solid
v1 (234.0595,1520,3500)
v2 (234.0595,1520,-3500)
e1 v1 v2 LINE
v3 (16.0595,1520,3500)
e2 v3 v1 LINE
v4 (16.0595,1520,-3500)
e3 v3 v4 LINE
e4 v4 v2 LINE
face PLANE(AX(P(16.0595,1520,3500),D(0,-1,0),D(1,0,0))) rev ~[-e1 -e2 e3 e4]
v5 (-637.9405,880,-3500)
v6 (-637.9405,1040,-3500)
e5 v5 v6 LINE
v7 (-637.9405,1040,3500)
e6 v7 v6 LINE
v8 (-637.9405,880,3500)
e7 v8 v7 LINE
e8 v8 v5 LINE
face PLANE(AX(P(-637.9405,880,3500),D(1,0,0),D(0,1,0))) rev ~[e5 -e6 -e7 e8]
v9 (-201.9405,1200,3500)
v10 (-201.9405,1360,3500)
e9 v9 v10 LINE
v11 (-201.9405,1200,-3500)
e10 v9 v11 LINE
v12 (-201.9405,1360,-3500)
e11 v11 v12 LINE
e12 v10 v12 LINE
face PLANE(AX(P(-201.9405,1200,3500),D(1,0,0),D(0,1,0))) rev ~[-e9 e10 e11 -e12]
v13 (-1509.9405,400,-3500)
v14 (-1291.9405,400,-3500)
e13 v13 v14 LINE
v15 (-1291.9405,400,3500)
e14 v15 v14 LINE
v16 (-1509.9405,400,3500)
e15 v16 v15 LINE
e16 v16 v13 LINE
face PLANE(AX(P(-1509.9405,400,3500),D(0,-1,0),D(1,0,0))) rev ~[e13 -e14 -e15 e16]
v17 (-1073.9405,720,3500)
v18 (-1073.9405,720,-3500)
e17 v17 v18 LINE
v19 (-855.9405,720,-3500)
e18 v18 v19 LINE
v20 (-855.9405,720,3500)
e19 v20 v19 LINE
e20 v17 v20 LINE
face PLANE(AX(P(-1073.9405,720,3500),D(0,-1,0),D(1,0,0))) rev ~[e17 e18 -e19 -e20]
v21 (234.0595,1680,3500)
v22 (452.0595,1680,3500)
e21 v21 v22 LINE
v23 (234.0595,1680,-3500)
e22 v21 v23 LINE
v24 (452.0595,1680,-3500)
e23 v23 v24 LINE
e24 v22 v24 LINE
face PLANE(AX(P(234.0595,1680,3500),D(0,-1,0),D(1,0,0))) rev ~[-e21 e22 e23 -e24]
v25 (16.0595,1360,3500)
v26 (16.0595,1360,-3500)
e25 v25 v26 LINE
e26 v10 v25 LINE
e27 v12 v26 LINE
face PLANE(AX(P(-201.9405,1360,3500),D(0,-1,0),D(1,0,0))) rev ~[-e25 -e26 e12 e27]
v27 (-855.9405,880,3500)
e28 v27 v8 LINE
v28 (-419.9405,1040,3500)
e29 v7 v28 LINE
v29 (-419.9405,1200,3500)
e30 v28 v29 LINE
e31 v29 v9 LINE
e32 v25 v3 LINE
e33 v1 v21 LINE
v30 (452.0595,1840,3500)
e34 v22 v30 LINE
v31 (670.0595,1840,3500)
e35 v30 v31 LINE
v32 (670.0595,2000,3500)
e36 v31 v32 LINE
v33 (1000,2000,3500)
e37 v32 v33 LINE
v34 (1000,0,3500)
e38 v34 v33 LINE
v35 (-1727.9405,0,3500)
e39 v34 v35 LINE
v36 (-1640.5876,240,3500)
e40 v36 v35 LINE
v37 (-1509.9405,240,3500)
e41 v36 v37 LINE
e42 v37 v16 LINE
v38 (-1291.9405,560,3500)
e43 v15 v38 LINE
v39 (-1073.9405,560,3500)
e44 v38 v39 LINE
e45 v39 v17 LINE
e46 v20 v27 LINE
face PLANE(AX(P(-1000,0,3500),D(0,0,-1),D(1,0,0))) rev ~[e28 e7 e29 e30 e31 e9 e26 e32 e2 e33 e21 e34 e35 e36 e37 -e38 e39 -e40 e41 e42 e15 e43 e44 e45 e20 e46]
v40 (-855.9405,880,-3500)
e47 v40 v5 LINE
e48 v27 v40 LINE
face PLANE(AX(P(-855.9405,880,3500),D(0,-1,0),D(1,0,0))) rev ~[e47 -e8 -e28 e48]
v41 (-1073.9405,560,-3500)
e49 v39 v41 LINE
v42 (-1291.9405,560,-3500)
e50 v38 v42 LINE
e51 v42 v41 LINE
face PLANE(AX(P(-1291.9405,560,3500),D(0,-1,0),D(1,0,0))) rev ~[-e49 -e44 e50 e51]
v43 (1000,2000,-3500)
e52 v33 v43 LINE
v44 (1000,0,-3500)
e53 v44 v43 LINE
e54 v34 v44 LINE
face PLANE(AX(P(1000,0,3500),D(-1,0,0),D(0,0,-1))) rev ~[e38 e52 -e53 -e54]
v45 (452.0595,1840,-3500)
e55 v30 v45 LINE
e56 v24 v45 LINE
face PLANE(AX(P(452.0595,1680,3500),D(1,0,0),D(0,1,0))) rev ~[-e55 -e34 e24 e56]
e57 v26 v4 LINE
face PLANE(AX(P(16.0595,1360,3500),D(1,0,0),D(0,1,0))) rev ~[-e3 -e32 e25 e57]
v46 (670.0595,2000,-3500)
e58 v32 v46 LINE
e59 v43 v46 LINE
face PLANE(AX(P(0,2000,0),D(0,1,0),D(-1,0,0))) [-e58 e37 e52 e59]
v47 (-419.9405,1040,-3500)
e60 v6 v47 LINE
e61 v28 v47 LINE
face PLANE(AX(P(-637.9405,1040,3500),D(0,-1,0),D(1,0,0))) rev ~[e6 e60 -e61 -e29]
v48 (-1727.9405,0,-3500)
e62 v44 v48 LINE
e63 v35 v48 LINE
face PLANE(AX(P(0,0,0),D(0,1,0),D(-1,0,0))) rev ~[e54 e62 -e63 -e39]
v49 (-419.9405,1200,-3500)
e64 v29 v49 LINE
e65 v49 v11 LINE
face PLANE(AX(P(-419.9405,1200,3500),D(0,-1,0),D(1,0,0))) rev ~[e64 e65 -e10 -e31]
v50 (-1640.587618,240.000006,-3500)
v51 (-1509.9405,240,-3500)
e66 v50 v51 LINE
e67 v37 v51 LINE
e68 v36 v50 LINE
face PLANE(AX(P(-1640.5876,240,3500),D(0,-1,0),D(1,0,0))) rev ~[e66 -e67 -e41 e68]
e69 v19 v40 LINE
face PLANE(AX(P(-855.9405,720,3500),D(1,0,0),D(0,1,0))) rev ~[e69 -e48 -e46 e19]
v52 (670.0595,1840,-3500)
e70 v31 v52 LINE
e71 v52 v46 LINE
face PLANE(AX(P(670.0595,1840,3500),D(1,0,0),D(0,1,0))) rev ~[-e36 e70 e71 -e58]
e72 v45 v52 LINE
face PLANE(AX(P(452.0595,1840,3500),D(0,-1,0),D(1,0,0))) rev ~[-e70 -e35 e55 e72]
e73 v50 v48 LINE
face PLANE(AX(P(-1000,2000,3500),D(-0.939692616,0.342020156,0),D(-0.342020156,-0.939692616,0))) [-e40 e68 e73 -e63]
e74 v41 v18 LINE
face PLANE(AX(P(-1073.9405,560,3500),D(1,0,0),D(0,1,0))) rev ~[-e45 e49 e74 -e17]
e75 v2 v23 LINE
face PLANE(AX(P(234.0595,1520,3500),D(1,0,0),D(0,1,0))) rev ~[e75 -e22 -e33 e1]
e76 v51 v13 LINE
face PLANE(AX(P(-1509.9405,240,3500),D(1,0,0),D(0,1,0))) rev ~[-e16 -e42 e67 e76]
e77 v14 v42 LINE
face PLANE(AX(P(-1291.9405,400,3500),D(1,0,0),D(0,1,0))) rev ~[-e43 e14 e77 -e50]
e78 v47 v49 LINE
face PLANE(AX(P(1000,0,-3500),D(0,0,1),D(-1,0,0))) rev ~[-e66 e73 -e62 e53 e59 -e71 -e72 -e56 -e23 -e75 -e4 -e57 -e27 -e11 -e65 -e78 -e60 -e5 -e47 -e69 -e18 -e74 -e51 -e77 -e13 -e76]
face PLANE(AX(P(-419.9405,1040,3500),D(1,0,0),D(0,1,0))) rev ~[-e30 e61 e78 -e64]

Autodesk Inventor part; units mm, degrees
ref_plane "YZ Plane" through (0, 0, 0) normal (1, 0, 0) x (0, 1, 0)
ref_plane "XZ Plane" through (0, 0, 0) normal (0, 1, 0) x (-1, 0, 0)
ref_plane "XY Plane" through (0, 0, 0) normal (0, 0, 1) x (1, 0, 0)
sketch "Sketch1" plane through (0, 0, 0) normal (0, 1, 0) x (-1, 0, 0)
  line L0 (1000, 3500) -> (-1000, 3500)
  line L1 (-1000, 3500) -> (-1000, -3500)
  line L2 (-1000, -3500) -> (1000, -3500)
  line L3 (1000, -3500) -> (1000, 3500)
  line L4 (1000, 3500) -> (-1000, -3500) construction
  line L5 (-1000, 3500) -> (1000, -3500) construction
  point P0 (0, 0)
  dimension "d0" = 2000
  dimension "d1" = 7000
extrude "Extrusion1" add sketch "Sketch1" along normal blind 2000
sketch "Sketch2" plane through (-1000, 0, 3500) normal (0, 0, 1) x (1, 0, 0)
  line L0 (2000, 2000) -> (0, 2000) projected
  line L1 (0, 2000) -> (0, 0)
  line L2 (0, 0) -> (-727.9405, 0)
  line L3 (2000, 0) -> (0, 0) projected
  line L4 (0, 2000) -> (-727.9405, 0)
  line L5 (0, 2000) -> (2128.3555, 2000) construction
  point P0 (1000, 0)
  dimension "d4" = 110
extrude "Extrusion2" add sketch "Sketch2" against normal blind 7000
sketch "Sketch3" plane through (1000, 0, 3500) normal (0, 0, 1) x (1, 0, 0)
  line L0 (0, 0) -> (0, 2000) projected
  line L1 (0, 0) -> (0, 160)
  line L2 (0, 160) -> (0, 320)
  line L3 (0, 320) -> (0, 480)
  line L4 (0, 480) -> (0, 640)
  line L5 (0, 640) -> (0, 800)
  line L6 (0, 800) -> (0, 960)
  line L7 (0, 960) -> (0, 1120)
  line L8 (0, 1120) -> (0, 1280)
  line L9 (0, 1280) -> (0, 1440)
  line L10 (0, 1440) -> (0, 1600)
  line L11 (0, 1600) -> (0, 1760)
  line L12 (0, 1760) -> (0, 1920)
  line L13 (0, 1920) -> (0, 2000.3283)
  line L14 (0, 0) -> (-2727.9405, 0) projected
  line L15 (-2727.9405, 0) -> (-2509.9405, 0)
  line L16 (-2509.9405, 0) -> (-2291.9405, 0)
  line L17 (-2291.9405, 0) -> (-2073.9405, 0)
  line L18 (-2073.9405, 0) -> (-1855.9405, 0)
  line L19 (-1855.9405, 0) -> (-1637.9405, 0)
  line L20 (-1637.9405, 0) -> (-1419.9405, 0)
  line L21 (-1419.9405, 0) -> (-1201.9405, 0)
  line L22 (-1201.9405, 0) -> (-983.9405, 0)
  line L23 (-983.9405, 0) -> (-765.9405, 0)
  line L24 (-765.9405, 0) -> (-547.9405, 0)
  line L25 (-547.9405, 0) -> (-329.9405, 0)
  line L26 (-329.9405, 0) -> (-111.9405, 0)
  line L27 (-111.9405, 0) -> (0, 0)
  line L28 (-2727.9405, 0) -> (-2640.5876, 240)
  line L29 (-2727.9405, 0) -> (-2000, 2000) projected
  line L30 (-2640.5876, 240) -> (-2509.9405, 240)
  line L31 (-2509.9405, 240) -> (-2509.9405, 400)
  line L32 (-2509.9405, 400) -> (-2291.9405, 400)
  line L33 (-2291.9405, 400) -> (-2291.9405, 560)
  line L34 (-2291.9405, 560) -> (-2073.9405, 560)
  line L35 (-2073.9405, 560) -> (-2073.9405, 720)
  line L36 (-2073.9405, 720) -> (-1855.9405, 720)
  line L37 (-1855.9405, 720) -> (-1855.9405, 880)
  line L38 (-1855.9405, 880) -> (-1637.9405, 880)
  line L39 (-1637.9405, 880) -> (-1637.9405, 1040)
  line L40 (-1637.9405, 1040) -> (-1419.9405, 1040)
  line L41 (-1419.9405, 1040) -> (-1419.9405, 1200)
  line L42 (-1419.9405, 1200) -> (-1201.9405, 1200)
  line L43 (-1201.9405, 1200) -> (-1201.9405, 1360)
  line L44 (-1201.9405, 1360) -> (-983.9405, 1360)
  line L45 (-983.9405, 1360) -> (-983.9405, 1520)
  line L46 (-983.9405, 1520) -> (-765.9405, 1520)
  line L47 (-765.9405, 1520) -> (-765.9405, 1680)
  line L48 (-765.9405, 1680) -> (-547.9405, 1680)
  line L49 (-547.9405, 1680) -> (-547.9405, 1840)
  line L50 (-547.9405, 1840) -> (-329.9405, 1840)
  line L51 (-329.9405, 1840) -> (-329.9405, 2000)
  line L52 (-329.9405, 2000) -> (-2000, 2000)
  line L53 (-2000, 2000) -> (-2640.5876, 240)
  point P0 (-1000, 0)
  dimension "d7" = 160
  dimension "d8" = 160
  dimension "d9" = 160
  dimension "d10" = 160
  dimension "d11" = 160
  dimension "d12" = 160
  dimension "d13" = 160
  dimension "d14" = 160
  dimension "d15" = 160
  dimension "d16" = 160
  dimension "d17" = 160
  dimension "d18" = 160
  dimension "d19" = 218
  dimension "d20" = 218
  dimension "d21" = 218
  dimension "d22" = 218
  dimension "d23" = 218
  dimension "d24" = 218
  dimension "d25" = 218
  dimension "d26" = 218
  dimension "d27" = 218
  dimension "d28" = 218
  dimension "d29" = 218
  dimension "d30" = 218
extrude "Extrusion3" cut sketch "Sketch3" against normal through all
properties part number "front_stair"
